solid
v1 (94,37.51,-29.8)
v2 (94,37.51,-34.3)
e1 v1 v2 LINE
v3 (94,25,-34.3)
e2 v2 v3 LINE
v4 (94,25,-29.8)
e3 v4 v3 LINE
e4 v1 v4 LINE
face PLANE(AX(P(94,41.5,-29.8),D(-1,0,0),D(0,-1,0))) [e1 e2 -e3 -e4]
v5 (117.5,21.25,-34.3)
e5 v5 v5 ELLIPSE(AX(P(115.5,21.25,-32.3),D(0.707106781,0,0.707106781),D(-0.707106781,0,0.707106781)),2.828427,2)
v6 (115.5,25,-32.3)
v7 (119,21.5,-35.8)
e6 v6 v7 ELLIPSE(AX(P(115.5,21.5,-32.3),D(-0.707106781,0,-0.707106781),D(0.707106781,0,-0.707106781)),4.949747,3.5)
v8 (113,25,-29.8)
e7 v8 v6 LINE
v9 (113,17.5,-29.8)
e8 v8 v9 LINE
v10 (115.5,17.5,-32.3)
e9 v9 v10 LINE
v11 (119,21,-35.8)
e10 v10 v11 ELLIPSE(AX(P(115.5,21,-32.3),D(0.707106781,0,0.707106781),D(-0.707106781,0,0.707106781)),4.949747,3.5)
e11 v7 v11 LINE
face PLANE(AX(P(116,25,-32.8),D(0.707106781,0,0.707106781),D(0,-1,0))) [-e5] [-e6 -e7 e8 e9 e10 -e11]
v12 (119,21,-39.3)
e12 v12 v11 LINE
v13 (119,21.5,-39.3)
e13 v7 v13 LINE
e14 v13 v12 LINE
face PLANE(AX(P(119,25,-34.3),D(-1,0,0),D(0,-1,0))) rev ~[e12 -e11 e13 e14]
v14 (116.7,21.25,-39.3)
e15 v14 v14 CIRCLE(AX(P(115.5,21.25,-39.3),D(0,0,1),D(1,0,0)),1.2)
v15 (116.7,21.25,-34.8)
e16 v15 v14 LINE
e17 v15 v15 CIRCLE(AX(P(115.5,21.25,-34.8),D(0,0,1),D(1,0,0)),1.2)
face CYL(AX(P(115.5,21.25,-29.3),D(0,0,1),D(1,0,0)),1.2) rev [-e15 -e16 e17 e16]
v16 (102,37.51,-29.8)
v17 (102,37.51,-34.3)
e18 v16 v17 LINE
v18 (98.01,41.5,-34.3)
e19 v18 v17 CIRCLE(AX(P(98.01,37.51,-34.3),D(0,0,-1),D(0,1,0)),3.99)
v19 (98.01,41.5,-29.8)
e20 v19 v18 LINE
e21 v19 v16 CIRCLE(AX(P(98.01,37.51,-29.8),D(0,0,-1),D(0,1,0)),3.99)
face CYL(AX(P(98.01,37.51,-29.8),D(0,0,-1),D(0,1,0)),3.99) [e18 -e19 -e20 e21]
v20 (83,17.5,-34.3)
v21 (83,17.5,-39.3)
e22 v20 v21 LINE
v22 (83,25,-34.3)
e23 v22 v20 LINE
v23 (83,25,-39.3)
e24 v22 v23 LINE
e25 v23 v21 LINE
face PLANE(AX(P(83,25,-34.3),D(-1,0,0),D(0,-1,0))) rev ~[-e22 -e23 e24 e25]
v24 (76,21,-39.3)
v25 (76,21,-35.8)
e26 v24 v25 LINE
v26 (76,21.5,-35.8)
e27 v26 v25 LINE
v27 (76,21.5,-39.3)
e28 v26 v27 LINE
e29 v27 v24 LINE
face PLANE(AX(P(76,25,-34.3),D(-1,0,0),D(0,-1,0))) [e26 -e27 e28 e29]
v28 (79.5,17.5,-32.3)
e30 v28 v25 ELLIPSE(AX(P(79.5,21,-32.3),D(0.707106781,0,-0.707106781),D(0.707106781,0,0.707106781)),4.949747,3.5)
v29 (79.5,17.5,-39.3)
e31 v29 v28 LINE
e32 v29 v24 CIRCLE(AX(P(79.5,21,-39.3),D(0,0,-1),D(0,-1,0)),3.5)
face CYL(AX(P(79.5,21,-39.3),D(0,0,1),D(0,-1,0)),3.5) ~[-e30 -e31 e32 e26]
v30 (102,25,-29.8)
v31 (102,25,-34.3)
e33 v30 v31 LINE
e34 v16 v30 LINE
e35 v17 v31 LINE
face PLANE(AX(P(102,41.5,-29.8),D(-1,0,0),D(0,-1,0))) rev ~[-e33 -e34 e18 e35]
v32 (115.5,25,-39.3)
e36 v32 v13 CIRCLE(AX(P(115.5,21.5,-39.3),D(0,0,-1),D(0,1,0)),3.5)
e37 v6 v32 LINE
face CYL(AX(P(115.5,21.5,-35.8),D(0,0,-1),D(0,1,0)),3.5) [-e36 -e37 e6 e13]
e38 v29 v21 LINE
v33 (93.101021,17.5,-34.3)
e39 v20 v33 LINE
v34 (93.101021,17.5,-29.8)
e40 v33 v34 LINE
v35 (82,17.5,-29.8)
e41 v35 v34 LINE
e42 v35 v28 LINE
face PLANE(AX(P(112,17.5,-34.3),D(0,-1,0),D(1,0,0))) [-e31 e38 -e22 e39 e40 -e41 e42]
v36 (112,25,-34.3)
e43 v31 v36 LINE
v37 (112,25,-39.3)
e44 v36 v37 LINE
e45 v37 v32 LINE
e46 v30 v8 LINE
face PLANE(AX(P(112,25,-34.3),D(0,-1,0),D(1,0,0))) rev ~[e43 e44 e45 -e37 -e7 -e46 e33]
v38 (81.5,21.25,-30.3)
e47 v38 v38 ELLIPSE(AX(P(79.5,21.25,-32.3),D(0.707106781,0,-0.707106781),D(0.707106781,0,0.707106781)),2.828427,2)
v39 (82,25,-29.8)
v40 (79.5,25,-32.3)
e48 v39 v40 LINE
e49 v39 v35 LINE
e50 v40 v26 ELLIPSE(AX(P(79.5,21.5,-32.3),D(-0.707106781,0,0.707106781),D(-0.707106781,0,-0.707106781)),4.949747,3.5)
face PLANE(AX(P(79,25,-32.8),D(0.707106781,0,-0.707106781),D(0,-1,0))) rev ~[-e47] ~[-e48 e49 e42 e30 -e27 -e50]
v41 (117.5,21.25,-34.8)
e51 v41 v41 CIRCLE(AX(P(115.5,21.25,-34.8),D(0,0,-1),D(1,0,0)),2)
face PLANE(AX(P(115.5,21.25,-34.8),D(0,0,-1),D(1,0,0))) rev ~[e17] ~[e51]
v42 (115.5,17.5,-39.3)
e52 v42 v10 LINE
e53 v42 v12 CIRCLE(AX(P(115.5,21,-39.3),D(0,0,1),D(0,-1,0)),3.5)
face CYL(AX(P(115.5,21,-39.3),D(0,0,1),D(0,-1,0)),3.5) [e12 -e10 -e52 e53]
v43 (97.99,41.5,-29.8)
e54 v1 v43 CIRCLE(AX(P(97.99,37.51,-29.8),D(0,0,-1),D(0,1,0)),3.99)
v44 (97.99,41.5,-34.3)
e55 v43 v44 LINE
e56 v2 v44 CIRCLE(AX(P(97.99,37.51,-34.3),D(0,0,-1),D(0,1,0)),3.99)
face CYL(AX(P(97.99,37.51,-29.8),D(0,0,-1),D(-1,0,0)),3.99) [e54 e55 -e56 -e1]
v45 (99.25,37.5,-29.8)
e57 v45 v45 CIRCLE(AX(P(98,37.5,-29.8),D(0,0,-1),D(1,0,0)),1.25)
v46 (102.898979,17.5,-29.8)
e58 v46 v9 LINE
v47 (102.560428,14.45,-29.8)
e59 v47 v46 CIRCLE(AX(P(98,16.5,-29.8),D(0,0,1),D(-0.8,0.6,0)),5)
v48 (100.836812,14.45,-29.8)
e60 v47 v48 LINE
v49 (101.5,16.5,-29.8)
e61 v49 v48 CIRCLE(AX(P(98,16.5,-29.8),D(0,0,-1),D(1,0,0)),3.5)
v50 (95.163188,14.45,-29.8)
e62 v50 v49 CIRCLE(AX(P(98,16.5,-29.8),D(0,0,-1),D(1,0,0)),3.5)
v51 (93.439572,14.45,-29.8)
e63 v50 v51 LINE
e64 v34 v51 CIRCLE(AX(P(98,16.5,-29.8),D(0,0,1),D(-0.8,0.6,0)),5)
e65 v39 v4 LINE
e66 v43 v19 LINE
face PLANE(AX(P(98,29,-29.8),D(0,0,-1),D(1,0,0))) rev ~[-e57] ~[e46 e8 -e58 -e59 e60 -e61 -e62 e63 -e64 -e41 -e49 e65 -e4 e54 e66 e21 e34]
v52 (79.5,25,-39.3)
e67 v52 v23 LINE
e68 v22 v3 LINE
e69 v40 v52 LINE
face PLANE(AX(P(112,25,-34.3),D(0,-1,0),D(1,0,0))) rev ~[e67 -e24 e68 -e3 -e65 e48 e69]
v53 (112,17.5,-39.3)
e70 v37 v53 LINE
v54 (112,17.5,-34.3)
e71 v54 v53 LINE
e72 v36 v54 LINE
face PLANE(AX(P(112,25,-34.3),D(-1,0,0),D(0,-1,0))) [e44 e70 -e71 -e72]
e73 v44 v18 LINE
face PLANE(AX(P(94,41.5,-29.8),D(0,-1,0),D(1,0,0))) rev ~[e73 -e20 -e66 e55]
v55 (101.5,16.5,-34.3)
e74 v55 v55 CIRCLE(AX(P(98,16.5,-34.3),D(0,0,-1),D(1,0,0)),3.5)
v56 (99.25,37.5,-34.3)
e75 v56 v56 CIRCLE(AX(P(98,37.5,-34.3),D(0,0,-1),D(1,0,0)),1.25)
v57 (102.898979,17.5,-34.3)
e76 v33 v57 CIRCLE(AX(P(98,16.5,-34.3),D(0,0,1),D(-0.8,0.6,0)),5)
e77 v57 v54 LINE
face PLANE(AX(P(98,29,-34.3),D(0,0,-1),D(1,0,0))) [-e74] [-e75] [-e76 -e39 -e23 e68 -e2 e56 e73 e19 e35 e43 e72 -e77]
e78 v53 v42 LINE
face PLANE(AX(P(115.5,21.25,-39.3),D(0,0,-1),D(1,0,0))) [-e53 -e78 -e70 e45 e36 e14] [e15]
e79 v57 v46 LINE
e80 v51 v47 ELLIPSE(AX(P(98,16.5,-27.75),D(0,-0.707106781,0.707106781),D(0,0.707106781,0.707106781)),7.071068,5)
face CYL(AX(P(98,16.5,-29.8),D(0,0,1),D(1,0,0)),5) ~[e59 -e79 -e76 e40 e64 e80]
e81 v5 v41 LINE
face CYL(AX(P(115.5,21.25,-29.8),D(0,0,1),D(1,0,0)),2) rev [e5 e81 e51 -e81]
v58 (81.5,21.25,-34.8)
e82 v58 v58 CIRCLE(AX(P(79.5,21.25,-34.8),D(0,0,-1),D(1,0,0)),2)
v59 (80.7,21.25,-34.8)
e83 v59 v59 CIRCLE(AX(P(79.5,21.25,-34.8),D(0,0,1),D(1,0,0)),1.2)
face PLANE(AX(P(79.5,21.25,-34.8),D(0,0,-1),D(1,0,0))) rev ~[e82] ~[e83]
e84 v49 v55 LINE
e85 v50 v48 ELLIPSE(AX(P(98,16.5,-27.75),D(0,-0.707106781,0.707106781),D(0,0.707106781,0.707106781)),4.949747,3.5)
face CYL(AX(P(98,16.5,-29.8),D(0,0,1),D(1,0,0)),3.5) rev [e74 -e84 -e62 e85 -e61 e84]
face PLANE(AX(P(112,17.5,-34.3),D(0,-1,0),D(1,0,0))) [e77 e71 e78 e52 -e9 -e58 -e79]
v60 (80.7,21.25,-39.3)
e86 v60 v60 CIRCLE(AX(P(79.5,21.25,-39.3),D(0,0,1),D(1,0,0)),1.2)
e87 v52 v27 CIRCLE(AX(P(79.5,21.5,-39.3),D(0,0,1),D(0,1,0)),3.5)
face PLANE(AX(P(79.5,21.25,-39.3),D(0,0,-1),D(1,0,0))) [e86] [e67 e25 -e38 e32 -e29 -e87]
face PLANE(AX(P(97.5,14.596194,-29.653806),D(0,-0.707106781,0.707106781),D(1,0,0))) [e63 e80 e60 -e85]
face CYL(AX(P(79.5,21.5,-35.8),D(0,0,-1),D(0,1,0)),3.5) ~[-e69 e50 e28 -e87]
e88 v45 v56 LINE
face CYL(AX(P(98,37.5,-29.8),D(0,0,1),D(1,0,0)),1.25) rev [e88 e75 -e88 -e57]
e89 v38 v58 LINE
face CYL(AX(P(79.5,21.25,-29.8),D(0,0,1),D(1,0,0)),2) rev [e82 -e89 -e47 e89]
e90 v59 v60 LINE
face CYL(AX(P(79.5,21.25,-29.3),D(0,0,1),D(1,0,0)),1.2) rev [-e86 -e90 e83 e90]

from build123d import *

# Parameters (mm, degrees)
BOX548_W               = 15
BOX548_H               = 13
BOX548_DEPTH           = 4.5
BOX548_ROLL_ANGLE      = 45
CYLINDER061_R          = 1.2
CYLINDER061_DEPTH      = 20
CYLINDER064_R          = 2
CYLINDER064_DEPTH      = 5
CYLINDER063_R          = 2
CYLINDER063_DEPTH      = 5
CYLINDER060_R          = 1.2
CYLINDER060_DEPTH      = 20
CYLINDER059_R          = 1.25
CYLINDER059_DEPTH      = 4.5
CYLINDER052_R          = 3.5
CYLINDER052_DEPTH      = 4.5
BOX043_W               = 7
BOX043_H               = 7.5
BOX043_DEPTH           = 5
BOX044_W               = 7
BOX044_H               = 7.5
BOX044_DEPTH           = 5
BOX041_W               = 8
BOX041_H               = 25
BOX041_DEPTH           = 4.5
CYLINDER053_R          = 5
CYLINDER053_DEPTH      = 4.5
FILLET011_R            = 3.99
BOX042_W               = 43
BOX042_H               = 7.5
BOX042_DEPTH           = 4.5
CHAMFER003_SIZE        = 6
FILLET012_R            = 3.5
CUT073_PLACEMENT_ANGLE = 180


with BuildPart() as cube739:
    # Box548 → Box548 (new body)
    with BuildSketch(Plane.XY):
        with Locations((7.5, 6.5)):
            Rectangle(BOX548_W, BOX548_H)
    extrude(amount=BOX548_DEPTH)


with BuildPart() as cube739_1:
    # Box548 roll: moved
    add(cube739.part.rotate(Axis((0, 0, 0), (1, 0, 0)), BOX548_ROLL_ANGLE))


with BuildPart() as cube739_2:
    # Box548 placement: moved
    add(cube739_1.part.moved(Location((90, 10, -34.25))))


with BuildPart() as cylinder061:
    # Cylinder061 → Cylinder061 (new body)
    with BuildSketch(Plane(origin=(-18.5, -4.75, -9.7), x_dir=(1, 0, 0), z_dir=(0, 0, 1))):
        Circle(CYLINDER061_R)
    extrude(amount=CYLINDER061_DEPTH)


with BuildPart() as fusion040:
    # Cylinder064 → Cylinder064 (new body)
    with BuildSketch(Plane(origin=(-18.5, -4.75, -9.2), x_dir=(1, 0, 0), z_dir=(0, 0, 1))):
        Circle(CYLINDER064_R)
    extrude(amount=CYLINDER064_DEPTH)

    # Fusion040: union Cylinder061
    add(cylinder061.part)


with BuildPart() as cylinder063:
    # Cylinder063 → Cylinder063 (new body)
    with BuildSketch(Plane(origin=(17.5, -4.75, -9.2), x_dir=(1, 0, 0), z_dir=(0, 0, 1))):
        Circle(CYLINDER063_R)
    extrude(amount=CYLINDER063_DEPTH)


with BuildPart() as fusion041:
    # Cylinder060 → Cylinder060 (new body)
    with BuildSketch(Plane(origin=(17.5, -4.75, -9.7), x_dir=(1, 0, 0), z_dir=(0, 0, 1))):
        Circle(CYLINDER060_R)
    extrude(amount=CYLINDER060_DEPTH)

    # Fusion039: union Cylinder063
    add(cylinder063.part)

    # Fusion041: union Fusion040
    add(fusion040.part)


with BuildPart() as cylinder059:
    # Cylinder059 → Cylinder059 (new body)
    with BuildSketch(Plane(origin=(0, -21, -9.2), x_dir=(1, 0, 0), z_dir=(0, 0, 1))):
        Circle(CYLINDER059_R)
    extrude(amount=CYLINDER059_DEPTH)


with BuildPart() as cylinder052:
    # Cylinder052 → Cylinder052 (new body)
    with BuildSketch(Plane.XY.offset(-9.2)):
        Circle(CYLINDER052_R)
    extrude(amount=CYLINDER052_DEPTH)


with BuildPart() as cube003:
    # Box043 → Box043 (new body)
    with BuildSketch(Plane(origin=(-22, -8.5, -4.7), x_dir=(1, 0, 0), z_dir=(0, 0, 1))):
        with Locations((3.5, 3.75)):
            Rectangle(BOX043_W, BOX043_H)
    extrude(amount=BOX043_DEPTH)


with BuildPart() as cube004:
    # Box044 → Box044 (new body)
    with BuildSketch(Plane(origin=(14, -8.5, -4.7), x_dir=(1, 0, 0), z_dir=(0, 0, 1))):
        with Locations((3.5, 3.75)):
            Rectangle(BOX044_W, BOX044_H)
    extrude(amount=BOX044_DEPTH)


with BuildPart() as cube001:
    # Box041 → Box041 (new body)
    with BuildSketch(Plane(origin=(-4, -25, -9.2), x_dir=(1, 0, 0), z_dir=(0, 0, 1))):
        with Locations((4, 12.5)):
            Rectangle(BOX041_W, BOX041_H)
    extrude(amount=BOX041_DEPTH)


with BuildPart() as fillet011:
    # Cylinder053 → Cylinder053 (new body)
    with BuildSketch(Plane.XY.offset(-9.2)):
        Circle(CYLINDER053_R)
    extrude(amount=CYLINDER053_DEPTH)

    # Fusion034: union Cube001
    add(cube001.part)

    # Fillet011
    fillet011_edges = [fillet011.edges().sort_by_distance(p)[0] for p in [
        (4, -25, -6.95),
        (-4, -25, -6.95),
    ]]
    fillet(fillet011_edges, radius=FILLET011_R)


with BuildPart() as front_axle_steering_knukle_arm_upper:
    # Box042 → Box042 (new body)
    with BuildSketch(Plane(origin=(-22, -8.5, -9.2), x_dir=(1, 0, 0), z_dir=(0, 0, 1))):
        with Locations((21.5, 3.75)):
            Rectangle(BOX042_W, BOX042_H)
    extrude(amount=BOX042_DEPTH)

    # Fusion036: union Cube003, Cube004, Fillet011
    add(cube003.part)
    add(cube004.part)
    add(fillet011.part)

    # Cut066: cut Cylinder052
    add(cylinder052.part, mode=Mode.SUBTRACT)

    # Chamfer003
    chamfer003_edges = [front_axle_steering_knukle_arm_upper.edges().sort_by_distance(p)[0] for p in [
        (21, -4.75, -9.2),
        (-22, -4.75, -9.2),
    ]]
    chamfer(chamfer003_edges, length=CHAMFER003_SIZE)

    # Fillet012
    fillet012_edges = [front_axle_steering_knukle_arm_upper.edges().sort_by_distance(p)[0] for p in [
        (-22, -8.5, -1.45),
        (-22, -1, -1.45),
        (21, -1, -1.45),
        (21, -8.5, -1.45),
    ]]
    fillet(fillet012_edges, radius=FILLET012_R)

    # Cut067: cut Cylinder059
    add(cylinder059.part, mode=Mode.SUBTRACT)

    # Cut073: cut Fusion041
    add(fusion041.part, mode=Mode.SUBTRACT)


with BuildPart() as front_axle_steering_knukle_arm_upper_1:
    # Cut073 placement: moved
    add(front_axle_steering_knukle_arm_upper.part.moved(Location((98, 16.5, -39))).rotate(Axis((98, 16.5, -39), (1, 0, 0)), CUT073_PLACEMENT_ANGLE))

    # Cut670: cut Cube739
    add(cube739_2.part, mode=Mode.SUBTRACT)


solid = front_axle_steering_knukle_arm_upper_1.part
